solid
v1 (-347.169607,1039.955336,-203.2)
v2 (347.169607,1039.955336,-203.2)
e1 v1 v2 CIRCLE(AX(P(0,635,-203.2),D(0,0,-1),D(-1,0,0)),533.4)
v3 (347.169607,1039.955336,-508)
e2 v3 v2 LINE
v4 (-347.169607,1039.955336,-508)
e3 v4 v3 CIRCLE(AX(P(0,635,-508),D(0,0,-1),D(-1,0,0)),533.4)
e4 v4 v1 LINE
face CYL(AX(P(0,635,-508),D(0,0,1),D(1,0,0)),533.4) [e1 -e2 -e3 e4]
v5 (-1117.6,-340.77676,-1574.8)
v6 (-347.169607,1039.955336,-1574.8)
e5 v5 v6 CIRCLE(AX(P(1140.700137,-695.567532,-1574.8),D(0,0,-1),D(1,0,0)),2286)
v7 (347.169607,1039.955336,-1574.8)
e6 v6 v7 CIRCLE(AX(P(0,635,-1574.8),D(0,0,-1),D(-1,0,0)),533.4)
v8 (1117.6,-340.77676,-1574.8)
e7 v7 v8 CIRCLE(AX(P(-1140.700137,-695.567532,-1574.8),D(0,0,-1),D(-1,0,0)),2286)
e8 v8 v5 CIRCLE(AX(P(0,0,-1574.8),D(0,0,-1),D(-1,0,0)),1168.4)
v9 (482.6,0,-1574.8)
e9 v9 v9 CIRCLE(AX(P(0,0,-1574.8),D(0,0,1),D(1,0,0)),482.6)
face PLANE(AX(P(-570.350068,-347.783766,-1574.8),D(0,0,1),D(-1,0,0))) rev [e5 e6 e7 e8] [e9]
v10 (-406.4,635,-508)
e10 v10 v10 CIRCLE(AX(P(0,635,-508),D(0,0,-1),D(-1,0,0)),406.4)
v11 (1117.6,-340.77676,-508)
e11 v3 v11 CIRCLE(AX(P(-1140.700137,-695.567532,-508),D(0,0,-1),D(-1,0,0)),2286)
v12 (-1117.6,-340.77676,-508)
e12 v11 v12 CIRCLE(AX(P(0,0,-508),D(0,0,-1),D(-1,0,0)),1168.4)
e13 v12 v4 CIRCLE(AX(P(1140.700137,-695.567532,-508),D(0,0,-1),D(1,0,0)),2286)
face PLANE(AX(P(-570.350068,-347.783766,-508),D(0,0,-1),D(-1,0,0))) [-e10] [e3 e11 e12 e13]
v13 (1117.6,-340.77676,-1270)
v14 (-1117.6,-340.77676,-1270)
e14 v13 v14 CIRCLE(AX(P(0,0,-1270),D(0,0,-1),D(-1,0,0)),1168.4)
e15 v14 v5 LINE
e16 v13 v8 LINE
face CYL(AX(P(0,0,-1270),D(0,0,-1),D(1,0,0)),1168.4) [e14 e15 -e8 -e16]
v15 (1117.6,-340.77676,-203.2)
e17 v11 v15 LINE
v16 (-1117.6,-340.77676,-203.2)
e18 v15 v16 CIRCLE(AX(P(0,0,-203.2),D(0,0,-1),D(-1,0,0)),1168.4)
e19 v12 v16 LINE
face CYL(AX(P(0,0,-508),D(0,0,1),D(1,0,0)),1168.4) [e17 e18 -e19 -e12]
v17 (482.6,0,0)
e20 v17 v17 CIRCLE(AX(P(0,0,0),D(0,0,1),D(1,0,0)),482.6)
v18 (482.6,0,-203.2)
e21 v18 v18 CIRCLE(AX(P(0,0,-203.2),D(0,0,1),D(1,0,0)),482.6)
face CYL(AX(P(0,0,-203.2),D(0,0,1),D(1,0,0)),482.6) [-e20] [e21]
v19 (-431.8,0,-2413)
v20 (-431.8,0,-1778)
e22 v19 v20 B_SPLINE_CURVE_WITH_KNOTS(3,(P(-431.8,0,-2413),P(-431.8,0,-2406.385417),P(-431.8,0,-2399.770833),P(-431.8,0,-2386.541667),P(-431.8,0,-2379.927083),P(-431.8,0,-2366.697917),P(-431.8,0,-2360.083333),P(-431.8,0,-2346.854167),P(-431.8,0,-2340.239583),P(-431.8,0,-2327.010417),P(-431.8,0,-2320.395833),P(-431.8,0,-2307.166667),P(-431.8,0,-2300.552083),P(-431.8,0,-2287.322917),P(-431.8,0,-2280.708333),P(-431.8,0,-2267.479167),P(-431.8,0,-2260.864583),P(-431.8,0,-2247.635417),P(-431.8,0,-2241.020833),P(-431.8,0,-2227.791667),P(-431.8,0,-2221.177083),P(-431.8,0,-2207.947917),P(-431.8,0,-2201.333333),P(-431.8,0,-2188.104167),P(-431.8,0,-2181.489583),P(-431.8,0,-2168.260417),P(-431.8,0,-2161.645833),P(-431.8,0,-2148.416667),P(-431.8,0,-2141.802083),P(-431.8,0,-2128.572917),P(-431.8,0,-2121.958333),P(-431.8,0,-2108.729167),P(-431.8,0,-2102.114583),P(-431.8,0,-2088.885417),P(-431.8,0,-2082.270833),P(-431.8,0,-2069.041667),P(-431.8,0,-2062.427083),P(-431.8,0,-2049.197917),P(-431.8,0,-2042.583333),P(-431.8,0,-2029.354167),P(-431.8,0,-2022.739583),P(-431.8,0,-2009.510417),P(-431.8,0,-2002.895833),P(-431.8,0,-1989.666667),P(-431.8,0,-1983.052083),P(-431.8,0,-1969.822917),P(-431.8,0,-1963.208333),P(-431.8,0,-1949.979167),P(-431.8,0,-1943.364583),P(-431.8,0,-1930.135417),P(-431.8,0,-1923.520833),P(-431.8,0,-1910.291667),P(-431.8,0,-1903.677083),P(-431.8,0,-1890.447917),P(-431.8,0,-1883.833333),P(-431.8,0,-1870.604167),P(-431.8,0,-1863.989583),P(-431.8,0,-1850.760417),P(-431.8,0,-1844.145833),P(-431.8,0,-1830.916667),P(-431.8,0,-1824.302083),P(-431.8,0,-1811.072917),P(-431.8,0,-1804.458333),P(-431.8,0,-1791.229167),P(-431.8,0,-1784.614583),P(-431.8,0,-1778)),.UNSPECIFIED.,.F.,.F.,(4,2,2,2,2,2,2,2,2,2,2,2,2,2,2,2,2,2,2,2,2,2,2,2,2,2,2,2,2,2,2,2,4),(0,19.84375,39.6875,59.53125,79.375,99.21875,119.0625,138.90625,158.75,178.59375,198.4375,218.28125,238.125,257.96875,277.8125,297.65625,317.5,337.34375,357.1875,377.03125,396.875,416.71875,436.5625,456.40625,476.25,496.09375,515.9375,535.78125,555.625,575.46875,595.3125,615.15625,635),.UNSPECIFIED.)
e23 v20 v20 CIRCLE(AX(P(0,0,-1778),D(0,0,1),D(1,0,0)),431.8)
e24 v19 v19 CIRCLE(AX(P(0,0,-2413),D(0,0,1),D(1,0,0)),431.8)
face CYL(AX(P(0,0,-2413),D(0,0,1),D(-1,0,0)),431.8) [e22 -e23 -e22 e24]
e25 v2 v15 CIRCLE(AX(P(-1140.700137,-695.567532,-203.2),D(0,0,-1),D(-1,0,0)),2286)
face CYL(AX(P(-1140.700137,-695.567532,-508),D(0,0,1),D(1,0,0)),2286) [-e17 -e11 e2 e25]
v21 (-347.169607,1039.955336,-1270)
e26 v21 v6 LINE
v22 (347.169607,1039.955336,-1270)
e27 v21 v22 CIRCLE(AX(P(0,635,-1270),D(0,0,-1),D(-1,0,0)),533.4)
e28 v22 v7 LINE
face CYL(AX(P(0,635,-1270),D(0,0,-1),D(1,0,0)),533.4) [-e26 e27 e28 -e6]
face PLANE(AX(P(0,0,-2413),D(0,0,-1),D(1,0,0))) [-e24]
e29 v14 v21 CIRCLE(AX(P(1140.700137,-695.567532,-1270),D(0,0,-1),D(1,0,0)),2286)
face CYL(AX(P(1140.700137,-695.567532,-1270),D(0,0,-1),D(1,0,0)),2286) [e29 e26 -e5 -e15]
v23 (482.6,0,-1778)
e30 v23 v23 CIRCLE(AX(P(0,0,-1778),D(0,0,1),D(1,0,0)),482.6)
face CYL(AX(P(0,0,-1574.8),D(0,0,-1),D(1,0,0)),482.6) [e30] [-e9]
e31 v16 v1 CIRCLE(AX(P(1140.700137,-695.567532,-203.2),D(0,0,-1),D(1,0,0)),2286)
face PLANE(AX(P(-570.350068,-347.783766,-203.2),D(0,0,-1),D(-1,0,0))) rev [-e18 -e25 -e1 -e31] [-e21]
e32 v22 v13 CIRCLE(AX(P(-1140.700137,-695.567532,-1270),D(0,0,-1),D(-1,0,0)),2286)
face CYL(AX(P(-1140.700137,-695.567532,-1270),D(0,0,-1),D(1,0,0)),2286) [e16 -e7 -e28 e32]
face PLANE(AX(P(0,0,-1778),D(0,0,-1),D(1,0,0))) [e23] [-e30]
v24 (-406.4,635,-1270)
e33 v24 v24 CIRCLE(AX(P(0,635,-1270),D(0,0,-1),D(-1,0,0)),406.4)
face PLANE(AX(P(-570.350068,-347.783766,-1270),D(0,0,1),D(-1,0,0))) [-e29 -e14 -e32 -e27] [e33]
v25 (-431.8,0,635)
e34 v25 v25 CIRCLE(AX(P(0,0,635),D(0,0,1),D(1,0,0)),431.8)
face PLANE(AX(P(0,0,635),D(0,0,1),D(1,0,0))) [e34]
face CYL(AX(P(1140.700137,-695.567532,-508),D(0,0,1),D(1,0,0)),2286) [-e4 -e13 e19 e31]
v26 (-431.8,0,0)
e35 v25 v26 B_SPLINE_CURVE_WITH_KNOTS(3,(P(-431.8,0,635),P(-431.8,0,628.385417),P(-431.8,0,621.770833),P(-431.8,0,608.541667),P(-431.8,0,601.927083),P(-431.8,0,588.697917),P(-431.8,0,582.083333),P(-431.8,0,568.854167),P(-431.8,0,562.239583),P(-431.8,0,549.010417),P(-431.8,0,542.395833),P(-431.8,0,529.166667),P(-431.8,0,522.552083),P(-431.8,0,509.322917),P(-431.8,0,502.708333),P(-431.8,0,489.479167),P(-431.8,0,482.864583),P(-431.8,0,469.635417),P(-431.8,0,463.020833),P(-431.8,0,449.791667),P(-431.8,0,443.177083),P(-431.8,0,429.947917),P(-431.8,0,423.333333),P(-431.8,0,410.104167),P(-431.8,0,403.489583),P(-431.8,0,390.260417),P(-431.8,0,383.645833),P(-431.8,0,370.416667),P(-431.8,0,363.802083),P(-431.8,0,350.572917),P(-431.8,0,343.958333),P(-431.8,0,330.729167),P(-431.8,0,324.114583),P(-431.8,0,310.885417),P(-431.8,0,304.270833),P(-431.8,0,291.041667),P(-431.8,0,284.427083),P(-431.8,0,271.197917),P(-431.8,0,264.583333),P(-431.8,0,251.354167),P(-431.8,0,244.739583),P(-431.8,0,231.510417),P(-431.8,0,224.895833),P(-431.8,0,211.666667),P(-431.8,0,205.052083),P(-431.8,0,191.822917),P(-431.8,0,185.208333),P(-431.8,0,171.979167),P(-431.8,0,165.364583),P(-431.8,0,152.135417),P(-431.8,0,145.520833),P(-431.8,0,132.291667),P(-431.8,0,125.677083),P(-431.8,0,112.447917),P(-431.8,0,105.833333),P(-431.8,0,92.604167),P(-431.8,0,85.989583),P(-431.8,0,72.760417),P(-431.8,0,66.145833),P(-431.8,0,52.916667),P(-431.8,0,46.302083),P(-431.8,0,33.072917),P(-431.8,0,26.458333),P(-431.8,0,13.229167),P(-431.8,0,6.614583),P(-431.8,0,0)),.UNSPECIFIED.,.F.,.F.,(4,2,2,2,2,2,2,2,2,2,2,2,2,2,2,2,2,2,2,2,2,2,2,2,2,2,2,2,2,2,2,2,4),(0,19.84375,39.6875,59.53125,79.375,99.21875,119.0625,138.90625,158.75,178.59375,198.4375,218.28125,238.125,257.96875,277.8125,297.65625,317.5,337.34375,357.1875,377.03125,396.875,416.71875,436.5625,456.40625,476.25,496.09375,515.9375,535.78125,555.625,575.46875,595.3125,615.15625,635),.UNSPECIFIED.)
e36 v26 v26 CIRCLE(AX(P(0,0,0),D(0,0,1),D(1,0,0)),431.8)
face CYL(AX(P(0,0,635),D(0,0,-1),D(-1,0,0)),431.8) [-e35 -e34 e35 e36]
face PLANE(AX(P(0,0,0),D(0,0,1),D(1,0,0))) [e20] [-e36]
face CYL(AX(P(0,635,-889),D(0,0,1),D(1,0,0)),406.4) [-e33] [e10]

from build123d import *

# Parameters (mm, degrees)
SKETCH1_R           = 431.8
BOSS_EXTRUDE1_DEPTH = 635
SKETCH2_R           = 482.6
BOSS_EXTRUDE2_DEPTH = 203.2
BOSS_EXTRUDE3_DEPTH = 304.8
SKETCH7_R           = 406.4
BOSS_EXTRUDE4_DEPTH = 381


with BuildPart() as part:
    # Sketch1 → Boss-Extrude1 (new body)
    with BuildSketch(Plane.XY):
        with Locations(Location((0, 0, 0), (0, 0, 180))):
            Circle(SKETCH1_R)
    extrude(amount=BOSS_EXTRUDE1_DEPTH)

    # Sketch2 → Boss-Extrude2 (add)
    with BuildSketch(Plane.XY):
        Circle(SKETCH2_R)
    extrude(amount=-BOSS_EXTRUDE2_DEPTH)

    # Sketch6 → Boss-Extrude3 (add)
    with BuildSketch(Plane(origin=(0, 0, -203.2), x_dir=(-1, 0, 0), z_dir=(0, 0, -1))):
        with BuildLine():
            ThreePointArc((-1117.6, -340.776759771), (0, -1168.4), (1117.6, -340.776759771))
            ThreePointArc((1117.6, -340.776759771), (855.559483917, 418.319143644), (347.169606843, 1039.955335913))
            ThreePointArc((347.169606843, 1039.955335913), (0, 1168.4), (-347.169606843, 1039.955335913))
            ThreePointArc((-347.169606843, 1039.955335913), (-855.559483917, 418.319143644), (-1117.6, -340.776759771))
        make_face()
    extrude(amount=BOSS_EXTRUDE3_DEPTH)

    # Sketch7 → Boss-Extrude4 (add)
    with BuildSketch(Plane(origin=(0, 0, -508), x_dir=(-1, 0, 0), z_dir=(0, 0, -1))):
        with Locations((0, 635)):
            Circle(SKETCH7_R)
    extrude(amount=BOSS_EXTRUDE4_DEPTH)

    # Mirror1: part across plane


with BuildPart() as part_1:
    add(part.part)
    add(part.part.mirror(Plane(origin=(0, 635, -889), x_dir=(1, 0, 0), z_dir=(0, 0, -1))))


solid = part_1.part
